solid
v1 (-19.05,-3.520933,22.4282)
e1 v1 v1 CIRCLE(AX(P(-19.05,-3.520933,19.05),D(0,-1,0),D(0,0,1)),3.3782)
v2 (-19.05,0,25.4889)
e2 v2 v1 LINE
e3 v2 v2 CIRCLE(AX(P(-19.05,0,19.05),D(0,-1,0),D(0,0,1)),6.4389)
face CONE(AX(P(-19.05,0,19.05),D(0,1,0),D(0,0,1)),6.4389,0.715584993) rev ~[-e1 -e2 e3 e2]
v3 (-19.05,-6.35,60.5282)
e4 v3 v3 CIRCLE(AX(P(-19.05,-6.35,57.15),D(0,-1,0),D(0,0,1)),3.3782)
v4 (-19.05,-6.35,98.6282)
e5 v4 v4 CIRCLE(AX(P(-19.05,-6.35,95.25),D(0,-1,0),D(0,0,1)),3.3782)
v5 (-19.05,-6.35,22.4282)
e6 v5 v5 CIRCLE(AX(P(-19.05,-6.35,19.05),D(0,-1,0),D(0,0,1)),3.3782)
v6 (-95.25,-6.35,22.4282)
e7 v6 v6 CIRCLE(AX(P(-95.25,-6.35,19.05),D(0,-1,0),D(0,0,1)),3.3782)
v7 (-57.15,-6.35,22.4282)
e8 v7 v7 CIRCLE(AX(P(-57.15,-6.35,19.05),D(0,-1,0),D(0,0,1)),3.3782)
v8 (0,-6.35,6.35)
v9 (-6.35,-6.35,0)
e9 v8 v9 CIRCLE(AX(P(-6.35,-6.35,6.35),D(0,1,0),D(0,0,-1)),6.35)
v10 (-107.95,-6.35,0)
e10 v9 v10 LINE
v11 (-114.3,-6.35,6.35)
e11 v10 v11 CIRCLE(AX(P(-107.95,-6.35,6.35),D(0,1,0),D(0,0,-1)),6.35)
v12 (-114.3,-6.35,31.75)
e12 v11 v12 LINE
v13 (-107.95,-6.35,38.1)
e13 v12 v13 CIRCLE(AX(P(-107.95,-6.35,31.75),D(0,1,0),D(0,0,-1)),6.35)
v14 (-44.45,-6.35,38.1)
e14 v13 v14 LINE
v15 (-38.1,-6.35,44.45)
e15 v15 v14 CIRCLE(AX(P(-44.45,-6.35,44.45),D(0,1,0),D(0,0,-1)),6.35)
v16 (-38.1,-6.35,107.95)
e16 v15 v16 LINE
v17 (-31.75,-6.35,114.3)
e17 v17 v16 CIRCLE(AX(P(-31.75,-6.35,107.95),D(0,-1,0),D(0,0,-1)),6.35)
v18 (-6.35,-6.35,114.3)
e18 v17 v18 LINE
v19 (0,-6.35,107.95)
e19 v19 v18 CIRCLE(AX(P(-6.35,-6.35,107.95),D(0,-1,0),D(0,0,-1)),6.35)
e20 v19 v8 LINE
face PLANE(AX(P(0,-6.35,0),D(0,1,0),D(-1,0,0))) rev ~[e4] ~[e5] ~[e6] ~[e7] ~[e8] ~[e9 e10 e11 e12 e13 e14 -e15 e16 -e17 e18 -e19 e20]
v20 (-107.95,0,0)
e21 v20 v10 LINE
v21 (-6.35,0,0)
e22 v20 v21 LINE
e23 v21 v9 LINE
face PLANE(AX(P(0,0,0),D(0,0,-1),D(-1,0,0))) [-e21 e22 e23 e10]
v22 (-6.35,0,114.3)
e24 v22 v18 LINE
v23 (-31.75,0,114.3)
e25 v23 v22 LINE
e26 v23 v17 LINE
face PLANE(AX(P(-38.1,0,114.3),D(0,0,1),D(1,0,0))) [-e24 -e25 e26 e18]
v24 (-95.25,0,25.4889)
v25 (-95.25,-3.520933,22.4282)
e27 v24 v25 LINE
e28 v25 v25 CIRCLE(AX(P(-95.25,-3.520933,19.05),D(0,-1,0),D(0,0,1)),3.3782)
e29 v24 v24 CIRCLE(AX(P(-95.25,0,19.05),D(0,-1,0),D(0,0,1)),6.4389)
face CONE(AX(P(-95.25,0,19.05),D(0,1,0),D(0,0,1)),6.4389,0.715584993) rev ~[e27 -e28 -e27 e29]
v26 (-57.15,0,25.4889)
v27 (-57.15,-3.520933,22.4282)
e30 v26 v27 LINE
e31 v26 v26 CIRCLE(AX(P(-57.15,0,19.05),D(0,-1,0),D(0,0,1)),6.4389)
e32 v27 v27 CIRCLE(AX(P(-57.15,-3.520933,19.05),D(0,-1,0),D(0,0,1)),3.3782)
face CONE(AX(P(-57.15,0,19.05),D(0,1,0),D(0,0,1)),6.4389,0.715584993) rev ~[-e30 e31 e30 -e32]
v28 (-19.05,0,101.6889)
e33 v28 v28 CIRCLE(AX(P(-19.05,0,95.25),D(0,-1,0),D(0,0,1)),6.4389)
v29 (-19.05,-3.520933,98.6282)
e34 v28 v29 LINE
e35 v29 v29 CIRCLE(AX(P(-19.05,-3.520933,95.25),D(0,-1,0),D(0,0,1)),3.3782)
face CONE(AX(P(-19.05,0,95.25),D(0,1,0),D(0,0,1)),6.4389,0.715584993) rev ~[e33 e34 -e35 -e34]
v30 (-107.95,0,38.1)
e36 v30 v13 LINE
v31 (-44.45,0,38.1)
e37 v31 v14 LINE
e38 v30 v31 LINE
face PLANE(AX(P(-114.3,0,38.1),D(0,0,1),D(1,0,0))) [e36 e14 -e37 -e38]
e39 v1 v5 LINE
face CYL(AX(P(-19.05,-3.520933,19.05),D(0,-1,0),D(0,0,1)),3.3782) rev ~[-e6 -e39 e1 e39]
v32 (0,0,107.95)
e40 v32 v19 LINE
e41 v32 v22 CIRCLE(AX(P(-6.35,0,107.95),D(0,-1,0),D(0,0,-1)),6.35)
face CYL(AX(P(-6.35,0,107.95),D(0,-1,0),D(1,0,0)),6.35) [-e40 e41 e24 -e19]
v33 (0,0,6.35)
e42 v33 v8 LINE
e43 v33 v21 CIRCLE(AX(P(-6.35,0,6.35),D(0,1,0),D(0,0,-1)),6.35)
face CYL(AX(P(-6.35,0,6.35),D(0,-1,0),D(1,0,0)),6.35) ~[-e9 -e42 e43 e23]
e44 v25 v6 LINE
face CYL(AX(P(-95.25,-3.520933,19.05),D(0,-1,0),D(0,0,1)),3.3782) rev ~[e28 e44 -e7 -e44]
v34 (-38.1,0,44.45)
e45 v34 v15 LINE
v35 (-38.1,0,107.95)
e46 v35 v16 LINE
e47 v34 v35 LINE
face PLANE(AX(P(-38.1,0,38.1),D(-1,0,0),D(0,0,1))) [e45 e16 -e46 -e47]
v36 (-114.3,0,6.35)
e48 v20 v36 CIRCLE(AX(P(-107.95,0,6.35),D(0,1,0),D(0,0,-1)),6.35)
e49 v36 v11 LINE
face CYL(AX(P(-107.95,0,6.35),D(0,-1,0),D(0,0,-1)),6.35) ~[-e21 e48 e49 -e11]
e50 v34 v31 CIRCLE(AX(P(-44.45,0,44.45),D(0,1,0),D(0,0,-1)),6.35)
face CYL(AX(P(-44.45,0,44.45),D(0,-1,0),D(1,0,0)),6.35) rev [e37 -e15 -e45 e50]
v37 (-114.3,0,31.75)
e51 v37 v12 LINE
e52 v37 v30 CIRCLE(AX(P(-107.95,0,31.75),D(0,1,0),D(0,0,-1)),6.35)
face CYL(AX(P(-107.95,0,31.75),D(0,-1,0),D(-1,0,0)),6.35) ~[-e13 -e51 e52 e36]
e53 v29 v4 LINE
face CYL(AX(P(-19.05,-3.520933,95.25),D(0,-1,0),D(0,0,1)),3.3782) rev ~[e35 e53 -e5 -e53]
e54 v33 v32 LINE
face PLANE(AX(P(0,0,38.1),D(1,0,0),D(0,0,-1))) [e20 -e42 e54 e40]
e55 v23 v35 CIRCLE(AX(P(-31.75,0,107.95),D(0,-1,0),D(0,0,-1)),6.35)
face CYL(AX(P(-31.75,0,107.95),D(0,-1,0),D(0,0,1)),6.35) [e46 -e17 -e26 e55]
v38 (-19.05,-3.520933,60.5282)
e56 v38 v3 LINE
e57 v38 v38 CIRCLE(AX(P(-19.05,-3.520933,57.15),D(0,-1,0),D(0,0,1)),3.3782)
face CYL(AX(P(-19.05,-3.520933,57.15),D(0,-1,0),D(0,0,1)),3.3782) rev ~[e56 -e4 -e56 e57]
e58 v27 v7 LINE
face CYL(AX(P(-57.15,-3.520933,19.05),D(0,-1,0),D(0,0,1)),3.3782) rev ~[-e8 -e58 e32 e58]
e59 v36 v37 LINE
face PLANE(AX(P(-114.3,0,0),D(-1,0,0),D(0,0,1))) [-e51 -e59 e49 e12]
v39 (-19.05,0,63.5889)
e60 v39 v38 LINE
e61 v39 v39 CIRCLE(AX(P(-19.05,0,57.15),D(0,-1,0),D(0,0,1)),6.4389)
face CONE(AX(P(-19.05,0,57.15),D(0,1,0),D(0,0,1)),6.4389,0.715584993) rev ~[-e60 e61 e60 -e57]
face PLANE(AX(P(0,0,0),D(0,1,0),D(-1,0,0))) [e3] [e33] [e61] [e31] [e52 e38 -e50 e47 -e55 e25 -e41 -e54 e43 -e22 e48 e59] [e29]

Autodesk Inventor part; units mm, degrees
ref_plane "YZ Plane" through (0, 0, 0) normal (1, 0, 0) x (0, 1, 0)
ref_plane "XZ Plane" through (0, 0, 0) normal (0, 1, 0) x (-1, 0, 0)
ref_plane "XY Plane" through (0, 0, 0) normal (0, 0, 1) x (1, 0, 0)
sketch "Sketch1" plane through (0, 0, 0) normal (0, 1, 0) x (-1, 0, 0)
  line L0 (0, 0) -> (19.05, 0)
  line L1 (38.1, 38.1) -> (38.1, 114.3)
  line L2 (38.1, 114.3) -> (0, 114.3)
  line L3 (0, 114.3) -> (0, 0)
  line L4 (0, 0) -> (114.3, 0)
  line L5 (114.3, 0) -> (114.3, 38.1)
  line L6 (114.3, 38.1) -> (38.1, 38.1)
  line L7 (0, 38.1) -> (0, 0)
  line L8 (19.05, 114.3) -> (19.05, 19.05) construction
  line L9 (19.05, 19.05) -> (114.3, 19.05) construction
  point P0 (19.05, 95.25)
  point P1 (19.05, 57.15)
  point P2 (57.15, 19.05)
  point P3 (95.25, 19.05)
  dimension "d3" = 38.1
  dimension "d4" = 114.3
  dimension "d5" = 114.3
  dimension "d6" = 38.1
  dimension "d9" = 19.05
  dimension "d10" = 19.05
  dimension "d11" = 19.05
  dimension "d12" = 57.15
  dimension "d13" = 19.05
  dimension "d14" = 57.15
extrude "Extrusion1" add sketch "Sketch1" against normal blind 6.35
hole "Hole1" at (-19.05, 0, 95.25) at (-19.05, 0, 57.15) at (-57.15, 0, 19.05) at (-95.25, 0, 19.05) at (-19.05, 0, 19.05) direction (0, -1, 0) diameter 6.7564 end through all countersink diameter 12.8778 countersink angle 82 clearance for "Flat Head Machine Screw (82)" size "1/4" standard "Ansi Unified Screw Threads"
fillet "Fillet1" radius 6.35 6 edges at (0, -3.175, 114.3) (0, -3.175, 0) (-38.1, -3.175, 114.3) (-38.1, -3.175, 38.1) (-114.3, -3.175, 0) (-114.3, -3.175, 38.1)
equation "\"d3\" = d6"
equation "\"d4\" = d5"
equation "\"d9\" = d10"
equation "\"d11\" = d13"
equation "\"d12\" = d14"
properties part number "angle-90-plate" material "Aluminum 6061"
